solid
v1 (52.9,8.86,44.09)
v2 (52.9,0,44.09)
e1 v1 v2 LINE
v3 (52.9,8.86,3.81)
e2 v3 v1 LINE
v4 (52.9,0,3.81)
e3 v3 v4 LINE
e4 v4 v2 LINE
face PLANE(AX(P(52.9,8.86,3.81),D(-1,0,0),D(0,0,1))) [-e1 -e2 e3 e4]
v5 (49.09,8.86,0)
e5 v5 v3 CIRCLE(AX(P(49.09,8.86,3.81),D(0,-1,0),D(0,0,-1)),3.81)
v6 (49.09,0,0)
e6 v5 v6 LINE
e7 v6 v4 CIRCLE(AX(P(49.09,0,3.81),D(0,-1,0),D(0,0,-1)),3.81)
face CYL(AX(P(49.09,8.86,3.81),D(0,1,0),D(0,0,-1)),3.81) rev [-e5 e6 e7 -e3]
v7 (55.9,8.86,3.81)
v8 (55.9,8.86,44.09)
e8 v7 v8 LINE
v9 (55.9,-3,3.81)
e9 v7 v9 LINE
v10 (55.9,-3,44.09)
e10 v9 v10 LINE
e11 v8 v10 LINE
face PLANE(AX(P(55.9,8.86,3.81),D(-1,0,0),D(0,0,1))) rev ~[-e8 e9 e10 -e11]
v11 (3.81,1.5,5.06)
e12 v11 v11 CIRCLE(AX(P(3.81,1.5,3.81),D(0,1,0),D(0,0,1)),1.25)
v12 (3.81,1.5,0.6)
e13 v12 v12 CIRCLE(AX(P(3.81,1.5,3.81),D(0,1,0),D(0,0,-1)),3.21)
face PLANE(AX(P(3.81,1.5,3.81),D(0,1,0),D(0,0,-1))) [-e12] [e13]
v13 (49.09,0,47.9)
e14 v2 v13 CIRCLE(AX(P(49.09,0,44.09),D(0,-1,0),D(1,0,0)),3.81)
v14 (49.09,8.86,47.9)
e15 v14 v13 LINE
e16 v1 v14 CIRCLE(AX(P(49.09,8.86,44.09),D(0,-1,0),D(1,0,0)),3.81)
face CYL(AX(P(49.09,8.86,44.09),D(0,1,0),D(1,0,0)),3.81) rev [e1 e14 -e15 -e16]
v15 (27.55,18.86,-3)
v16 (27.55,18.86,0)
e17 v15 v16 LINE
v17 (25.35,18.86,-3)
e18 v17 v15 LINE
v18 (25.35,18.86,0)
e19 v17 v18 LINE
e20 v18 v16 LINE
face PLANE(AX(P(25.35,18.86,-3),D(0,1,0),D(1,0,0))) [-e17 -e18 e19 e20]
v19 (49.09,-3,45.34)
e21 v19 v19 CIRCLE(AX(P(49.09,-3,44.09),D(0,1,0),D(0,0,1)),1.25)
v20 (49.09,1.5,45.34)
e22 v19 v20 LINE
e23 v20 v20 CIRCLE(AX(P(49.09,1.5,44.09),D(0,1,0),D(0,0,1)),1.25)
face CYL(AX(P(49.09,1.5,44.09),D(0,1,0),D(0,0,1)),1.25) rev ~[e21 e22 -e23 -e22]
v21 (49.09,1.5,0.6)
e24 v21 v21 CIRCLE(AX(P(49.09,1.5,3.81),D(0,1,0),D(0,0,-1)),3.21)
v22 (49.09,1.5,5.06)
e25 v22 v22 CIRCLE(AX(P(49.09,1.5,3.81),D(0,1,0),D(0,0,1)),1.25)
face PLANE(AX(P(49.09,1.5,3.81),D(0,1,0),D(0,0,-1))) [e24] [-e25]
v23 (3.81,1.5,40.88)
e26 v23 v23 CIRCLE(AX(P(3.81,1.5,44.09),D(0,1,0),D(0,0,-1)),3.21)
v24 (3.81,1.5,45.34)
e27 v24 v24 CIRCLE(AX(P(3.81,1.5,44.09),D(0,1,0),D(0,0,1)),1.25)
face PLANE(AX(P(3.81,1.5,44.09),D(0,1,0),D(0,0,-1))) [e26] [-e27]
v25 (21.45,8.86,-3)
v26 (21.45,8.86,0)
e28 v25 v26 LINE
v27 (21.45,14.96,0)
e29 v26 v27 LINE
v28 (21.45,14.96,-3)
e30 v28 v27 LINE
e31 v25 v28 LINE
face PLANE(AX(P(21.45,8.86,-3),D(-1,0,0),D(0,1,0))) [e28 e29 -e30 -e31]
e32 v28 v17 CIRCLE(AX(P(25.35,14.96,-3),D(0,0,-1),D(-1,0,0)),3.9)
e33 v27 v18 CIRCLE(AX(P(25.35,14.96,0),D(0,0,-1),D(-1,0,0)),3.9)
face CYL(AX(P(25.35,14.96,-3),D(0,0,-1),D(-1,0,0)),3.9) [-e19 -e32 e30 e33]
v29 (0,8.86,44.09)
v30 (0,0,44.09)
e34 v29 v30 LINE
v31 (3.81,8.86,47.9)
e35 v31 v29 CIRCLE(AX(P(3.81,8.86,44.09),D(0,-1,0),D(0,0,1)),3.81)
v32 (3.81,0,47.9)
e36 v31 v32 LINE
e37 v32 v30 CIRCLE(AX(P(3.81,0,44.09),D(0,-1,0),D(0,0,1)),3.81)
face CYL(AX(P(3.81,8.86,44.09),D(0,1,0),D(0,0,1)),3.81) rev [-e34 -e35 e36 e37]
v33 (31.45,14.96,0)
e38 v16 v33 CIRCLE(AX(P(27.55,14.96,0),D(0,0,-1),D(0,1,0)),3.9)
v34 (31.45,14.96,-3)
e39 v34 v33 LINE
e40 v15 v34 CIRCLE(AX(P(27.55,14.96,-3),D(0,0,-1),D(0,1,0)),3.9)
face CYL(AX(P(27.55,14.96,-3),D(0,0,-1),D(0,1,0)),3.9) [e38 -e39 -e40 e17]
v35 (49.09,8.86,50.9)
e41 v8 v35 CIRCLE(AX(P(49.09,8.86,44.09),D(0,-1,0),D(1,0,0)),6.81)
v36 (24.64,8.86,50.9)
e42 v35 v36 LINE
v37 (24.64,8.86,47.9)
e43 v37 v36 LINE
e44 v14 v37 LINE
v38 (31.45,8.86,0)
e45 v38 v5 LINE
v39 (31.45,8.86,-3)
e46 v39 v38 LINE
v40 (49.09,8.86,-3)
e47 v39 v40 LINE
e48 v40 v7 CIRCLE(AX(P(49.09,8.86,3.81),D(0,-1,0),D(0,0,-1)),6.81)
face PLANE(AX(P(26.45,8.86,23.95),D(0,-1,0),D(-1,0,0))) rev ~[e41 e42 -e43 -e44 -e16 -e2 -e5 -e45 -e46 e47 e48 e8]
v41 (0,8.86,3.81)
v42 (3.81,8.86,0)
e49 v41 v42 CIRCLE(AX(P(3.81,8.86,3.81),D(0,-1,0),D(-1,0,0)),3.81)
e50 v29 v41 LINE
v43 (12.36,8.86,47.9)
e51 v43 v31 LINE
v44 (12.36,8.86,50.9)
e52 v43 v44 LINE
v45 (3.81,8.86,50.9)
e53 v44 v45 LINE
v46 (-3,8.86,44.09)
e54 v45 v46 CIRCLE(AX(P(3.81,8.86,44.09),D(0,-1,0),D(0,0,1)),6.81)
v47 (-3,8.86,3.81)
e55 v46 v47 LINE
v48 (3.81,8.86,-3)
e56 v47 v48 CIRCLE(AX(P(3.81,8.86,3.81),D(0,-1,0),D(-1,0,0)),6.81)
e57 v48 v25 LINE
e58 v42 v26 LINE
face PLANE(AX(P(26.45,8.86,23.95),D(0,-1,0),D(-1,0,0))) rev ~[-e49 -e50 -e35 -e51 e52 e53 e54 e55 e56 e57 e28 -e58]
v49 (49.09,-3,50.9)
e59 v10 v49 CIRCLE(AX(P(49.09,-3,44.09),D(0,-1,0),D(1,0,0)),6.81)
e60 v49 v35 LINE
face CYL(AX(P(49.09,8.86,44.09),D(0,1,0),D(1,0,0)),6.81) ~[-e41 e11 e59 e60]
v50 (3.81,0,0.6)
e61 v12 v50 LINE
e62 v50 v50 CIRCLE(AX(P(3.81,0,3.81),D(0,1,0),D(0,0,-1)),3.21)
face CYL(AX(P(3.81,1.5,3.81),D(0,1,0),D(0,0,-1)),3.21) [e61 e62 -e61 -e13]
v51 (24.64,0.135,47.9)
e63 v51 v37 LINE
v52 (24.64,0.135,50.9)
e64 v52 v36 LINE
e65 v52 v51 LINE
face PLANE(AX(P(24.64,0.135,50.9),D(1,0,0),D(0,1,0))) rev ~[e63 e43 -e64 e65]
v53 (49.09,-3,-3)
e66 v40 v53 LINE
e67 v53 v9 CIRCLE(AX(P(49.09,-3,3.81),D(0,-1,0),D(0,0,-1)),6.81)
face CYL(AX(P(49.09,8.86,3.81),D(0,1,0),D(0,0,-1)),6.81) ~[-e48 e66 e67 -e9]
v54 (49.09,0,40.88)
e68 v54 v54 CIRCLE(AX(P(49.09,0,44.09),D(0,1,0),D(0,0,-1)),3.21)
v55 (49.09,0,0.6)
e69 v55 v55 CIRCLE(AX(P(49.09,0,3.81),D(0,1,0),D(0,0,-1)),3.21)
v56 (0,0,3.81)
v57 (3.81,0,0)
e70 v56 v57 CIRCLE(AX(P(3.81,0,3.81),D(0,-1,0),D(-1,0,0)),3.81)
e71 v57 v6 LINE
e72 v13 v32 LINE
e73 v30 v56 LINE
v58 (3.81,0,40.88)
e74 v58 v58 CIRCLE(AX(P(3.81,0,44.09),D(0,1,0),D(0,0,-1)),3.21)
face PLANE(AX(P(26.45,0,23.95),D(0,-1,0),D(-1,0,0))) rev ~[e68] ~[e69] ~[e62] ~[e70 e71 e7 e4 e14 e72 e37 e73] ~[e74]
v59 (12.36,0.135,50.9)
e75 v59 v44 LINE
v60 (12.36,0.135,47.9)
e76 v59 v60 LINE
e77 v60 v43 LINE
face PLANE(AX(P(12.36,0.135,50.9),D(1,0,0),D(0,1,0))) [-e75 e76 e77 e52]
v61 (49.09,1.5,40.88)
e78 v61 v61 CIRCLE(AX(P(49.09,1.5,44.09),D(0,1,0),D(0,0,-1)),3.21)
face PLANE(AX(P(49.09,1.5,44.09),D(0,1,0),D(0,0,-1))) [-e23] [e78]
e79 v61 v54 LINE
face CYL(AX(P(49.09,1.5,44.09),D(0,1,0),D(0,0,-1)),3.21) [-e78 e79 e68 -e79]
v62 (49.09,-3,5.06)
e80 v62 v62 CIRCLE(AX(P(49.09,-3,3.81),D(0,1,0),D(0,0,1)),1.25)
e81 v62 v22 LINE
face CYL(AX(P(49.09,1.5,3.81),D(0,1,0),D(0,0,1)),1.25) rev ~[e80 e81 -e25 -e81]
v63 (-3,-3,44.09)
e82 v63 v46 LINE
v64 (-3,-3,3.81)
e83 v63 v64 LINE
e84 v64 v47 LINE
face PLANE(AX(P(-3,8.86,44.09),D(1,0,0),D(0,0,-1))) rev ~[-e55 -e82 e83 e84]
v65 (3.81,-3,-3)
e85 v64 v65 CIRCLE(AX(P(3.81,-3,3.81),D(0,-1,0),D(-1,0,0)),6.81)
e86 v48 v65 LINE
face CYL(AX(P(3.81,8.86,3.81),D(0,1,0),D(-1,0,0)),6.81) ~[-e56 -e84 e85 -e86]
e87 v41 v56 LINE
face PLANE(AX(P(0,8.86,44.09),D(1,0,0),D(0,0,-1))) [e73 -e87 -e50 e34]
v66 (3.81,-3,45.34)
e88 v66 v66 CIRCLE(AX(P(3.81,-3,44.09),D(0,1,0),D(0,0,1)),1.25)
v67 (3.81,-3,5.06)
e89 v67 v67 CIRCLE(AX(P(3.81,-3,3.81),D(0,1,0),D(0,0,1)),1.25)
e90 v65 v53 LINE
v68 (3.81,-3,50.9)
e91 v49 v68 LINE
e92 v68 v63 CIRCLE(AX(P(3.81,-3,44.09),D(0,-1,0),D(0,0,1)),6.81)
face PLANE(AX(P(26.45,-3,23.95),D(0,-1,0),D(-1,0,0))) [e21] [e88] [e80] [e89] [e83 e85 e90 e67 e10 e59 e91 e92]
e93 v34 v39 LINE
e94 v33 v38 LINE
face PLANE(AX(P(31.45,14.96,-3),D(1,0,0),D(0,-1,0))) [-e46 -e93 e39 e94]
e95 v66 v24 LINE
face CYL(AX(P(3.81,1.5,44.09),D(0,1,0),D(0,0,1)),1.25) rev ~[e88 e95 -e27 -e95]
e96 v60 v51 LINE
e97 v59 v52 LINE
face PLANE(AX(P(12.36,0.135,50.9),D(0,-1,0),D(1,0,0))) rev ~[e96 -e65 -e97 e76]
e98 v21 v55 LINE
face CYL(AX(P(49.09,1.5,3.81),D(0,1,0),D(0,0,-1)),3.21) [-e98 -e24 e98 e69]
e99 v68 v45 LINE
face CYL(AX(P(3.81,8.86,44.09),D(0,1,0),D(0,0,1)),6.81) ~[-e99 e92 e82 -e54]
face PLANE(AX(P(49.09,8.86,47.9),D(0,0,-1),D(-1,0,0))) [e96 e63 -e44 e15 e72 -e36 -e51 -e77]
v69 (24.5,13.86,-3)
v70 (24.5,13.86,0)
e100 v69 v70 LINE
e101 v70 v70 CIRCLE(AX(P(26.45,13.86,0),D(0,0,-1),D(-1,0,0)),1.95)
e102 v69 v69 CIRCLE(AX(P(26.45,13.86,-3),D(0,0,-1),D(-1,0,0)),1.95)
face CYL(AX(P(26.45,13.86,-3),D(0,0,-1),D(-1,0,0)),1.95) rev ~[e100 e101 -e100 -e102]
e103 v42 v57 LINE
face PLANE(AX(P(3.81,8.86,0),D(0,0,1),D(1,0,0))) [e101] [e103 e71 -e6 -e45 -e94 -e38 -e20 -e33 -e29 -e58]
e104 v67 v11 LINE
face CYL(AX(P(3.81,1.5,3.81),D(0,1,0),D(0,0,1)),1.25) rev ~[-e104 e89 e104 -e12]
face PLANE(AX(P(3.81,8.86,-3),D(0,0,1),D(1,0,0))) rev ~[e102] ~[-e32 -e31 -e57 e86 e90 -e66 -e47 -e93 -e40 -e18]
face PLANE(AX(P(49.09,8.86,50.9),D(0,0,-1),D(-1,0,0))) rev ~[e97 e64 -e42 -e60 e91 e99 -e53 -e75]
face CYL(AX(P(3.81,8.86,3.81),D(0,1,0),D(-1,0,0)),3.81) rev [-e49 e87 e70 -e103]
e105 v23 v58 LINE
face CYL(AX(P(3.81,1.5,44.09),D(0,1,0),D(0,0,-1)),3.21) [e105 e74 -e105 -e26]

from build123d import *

# Parameters (mm, degrees)
BOSS_EXTRUDE1_DEPTH = 3
CUT_EXTRUDE1_REACH  = 77.661
SKETCH1_3_R         = 1.25
BOSS_EXTRUDE2_START = 8.86
BOSS_EXTRUDE2_DEPTH = 8.86
BOSS_EXTRUDE3_START = 1.5
SKETCH1_5_R         = 3.21
SKETCH1_5_R_2       = 1.25
BOSS_EXTRUDE3_DEPTH = 1.5
SKETCH2_W           = 12.28
SKETCH2_H           = 8.73
CUT_EXTRUDE2_DEPTH  = 3
SKETCH5_R           = 1.95
BOSS_EXTRUDE5_DEPTH = 3


with BuildPart() as part:
    # Sketch1 → Boss-Extrude1 (new body)
    with BuildSketch(Plane(origin=(0, 0, 0), x_dir=(1, 0, 0), z_dir=(0, 1, 0))):
        with BuildLine():
            Line((3.81, 3), (49.09, 3))
            ThreePointArc((49.09, 3), (53.90539718, 1.00539718), (55.9, -3.81))
            Line((55.9, -3.81), (55.9, -44.09))
            ThreePointArc((55.9, -44.09), (53.90539718, -48.90539718), (49.09, -50.9))
            Line((49.09, -50.9), (3.81, -50.9))
            ThreePointArc((3.81, -50.9), (-1.00539718, -48.90539718), (-3, -44.09))
            Line((-3, -44.09), (-3, -3.81))
            ThreePointArc((-3, -3.81), (-1.00539718, 1.00539718), (3.81, 3))
        make_face()
    extrude(amount=-BOSS_EXTRUDE1_DEPTH)

    # Sketch1<3> → Cut-Extrude1 (cut, up to next)
    with BuildSketch(Plane(origin=(0, 0, 0), x_dir=(1, 0, 0), z_dir=(0, 1, 0)), mode=Mode.PRIVATE) as cut_extrude1_sk1:
        with Locations((49.09, -44.09)):
            Circle(SKETCH1_3_R)
    cut_extrude1_tool1 = extrude(cut_extrude1_sk1.sketch, amount=-CUT_EXTRUDE1_REACH, mode=Mode.PRIVATE) & part.part
    # Sketch1<3> → Cut-Extrude1 (cut, up to next)
    with BuildSketch(Plane(origin=(0, 0, 0), x_dir=(1, 0, 0), z_dir=(0, 1, 0)), mode=Mode.PRIVATE) as cut_extrude1_sk2:
        with Locations((3.81, -44.09)):
            Circle(SKETCH1_3_R)
    cut_extrude1_tool2 = extrude(cut_extrude1_sk2.sketch, amount=-CUT_EXTRUDE1_REACH, mode=Mode.PRIVATE) & part.part
    # Sketch1<3> → Cut-Extrude1 (cut, up to next)
    with BuildSketch(Plane(origin=(0, 0, 0), x_dir=(1, 0, 0), z_dir=(0, 1, 0)), mode=Mode.PRIVATE) as cut_extrude1_sk3:
        with Locations((3.81, -3.81)):
            Circle(SKETCH1_3_R)
    cut_extrude1_tool3 = extrude(cut_extrude1_sk3.sketch, amount=-CUT_EXTRUDE1_REACH, mode=Mode.PRIVATE) & part.part
    # Sketch1<3> → Cut-Extrude1 (cut, up to next)
    with BuildSketch(Plane(origin=(0, 0, 0), x_dir=(1, 0, 0), z_dir=(0, 1, 0)), mode=Mode.PRIVATE) as cut_extrude1_sk4:
        with Locations((49.09, -3.81)):
            Circle(SKETCH1_3_R)
    cut_extrude1_tool4 = extrude(cut_extrude1_sk4.sketch, amount=-CUT_EXTRUDE1_REACH, mode=Mode.PRIVATE) & part.part
    add(cut_extrude1_tool1.solids().sort_by_distance((49.09, 0, 44.09))[0], mode=Mode.SUBTRACT)
    add(cut_extrude1_tool2.solids().sort_by_distance((3.81, 0, 44.09))[0], mode=Mode.SUBTRACT)
    add(cut_extrude1_tool3.solids().sort_by_distance((3.81, 0, 3.81))[0], mode=Mode.SUBTRACT)
    add(cut_extrude1_tool4.solids().sort_by_distance((49.09, 0, 3.81))[0], mode=Mode.SUBTRACT)

    # Sketch1<4> → Boss-Extrude2 (add)
    with BuildSketch(Plane(origin=(0, 0, 0), x_dir=(1, 0, 0), z_dir=(0, 1, 0)).offset(BOSS_EXTRUDE2_START)):
        with BuildLine():
            Line((49.09, 3), (3.81, 3))
            ThreePointArc((3.81, 3), (-1.00539718, 1.00539718), (-3, -3.81))
            Line((-3, -3.81), (-3, -44.09))
            ThreePointArc((-3, -44.09), (-1.00539718, -48.90539718), (3.81, -50.9))
            Line((3.81, -50.9), (49.09, -50.9))
            ThreePointArc((49.09, -50.9), (53.90539718, -48.90539718), (55.9, -44.09))
            Line((55.9, -44.09), (55.9, -3.81))
            ThreePointArc((55.9, -3.81), (53.90539718, 1.00539718), (49.09, 3))
        make_face()
        with BuildLine():
            ThreePointArc((0, -3.81), (1.115923164, -1.115923164), (3.81, 0))
            Line((3.81, 0), (49.09, 0))
            ThreePointArc((49.09, 0), (51.784076836, -1.115923164), (52.9, -3.81))
            Line((52.9, -3.81), (52.9, -44.09))
            ThreePointArc((52.9, -44.09), (51.784076836, -46.784076836), (49.09, -47.9))
            Line((49.09, -47.9), (3.81, -47.9))
            ThreePointArc((3.81, -47.9), (1.115923164, -46.784076836), (0, -44.09))
            Line((0, -44.09), (0, -3.81))
        make_face(mode=Mode.SUBTRACT)
    extrude(amount=-BOSS_EXTRUDE2_DEPTH)

    # Sketch1<5> → Boss-Extrude3 (add)
    # profile 1 of 4: a face of its own
    with BuildSketch(Plane(origin=(0, 0, 0), x_dir=(1, 0, 0), z_dir=(0, 1, 0)).offset(BOSS_EXTRUDE3_START)):
        with Locations((3.81, -3.81)):
            Circle(SKETCH1_5_R)
        with Locations((3.81, -3.81)):
            Circle(SKETCH1_5_R_2, mode=Mode.SUBTRACT)
    # profile 2 of 4: a face of its own
    with BuildSketch(Plane(origin=(0, 0, 0), x_dir=(1, 0, 0), z_dir=(0, 1, 0)).offset(BOSS_EXTRUDE3_START)):
        with Locations((49.09, -3.81)):
            Circle(SKETCH1_5_R)
        with Locations((49.09, -3.81)):
            Circle(SKETCH1_5_R_2, mode=Mode.SUBTRACT)
    # profile 3 of 4: a face of its own
    with BuildSketch(Plane(origin=(0, 0, 0), x_dir=(1, 0, 0), z_dir=(0, 1, 0)).offset(BOSS_EXTRUDE3_START)):
        with Locations((49.09, -44.09)):
            Circle(SKETCH1_5_R)
        with Locations((49.09, -44.09)):
            Circle(SKETCH1_5_R_2, mode=Mode.SUBTRACT)
    # profile 4 of 4: a face of its own
    with BuildSketch(Plane(origin=(0, 0, 0), x_dir=(1, 0, 0), z_dir=(0, 1, 0)).offset(BOSS_EXTRUDE3_START)):
        with Locations((3.81, -44.09)):
            Circle(SKETCH1_5_R)
        with Locations((3.81, -44.09)):
            Circle(SKETCH1_5_R_2, mode=Mode.SUBTRACT)
    extrude(amount=-BOSS_EXTRUDE3_DEPTH)

    # Sketch2 → Cut-Extrude2 (cut)
    with BuildSketch(Plane.XY.offset(50.9)):
        with Locations((18.5, 4.5)):
            Rectangle(SKETCH2_W, SKETCH2_H)
    extrude(amount=-CUT_EXTRUDE2_DEPTH, mode=Mode.SUBTRACT)

    # Sketch5 → Boss-Extrude5 (add)
    with BuildSketch(Plane(origin=(0, 0, -3), x_dir=(-1, 0, 0), z_dir=(0, 0, -1))):
        with BuildLine():
            Line((-31.45, 8.86), (-21.45, 8.86))
            Line((-21.45, 8.86), (-21.45, 14.96))
            ThreePointArc((-21.45, 14.96), (-22.592283553, 17.717716447), (-25.35, 18.86))
            Line((-25.35, 18.86), (-27.55, 18.86))
            ThreePointArc((-27.55, 18.86), (-30.307716447, 17.717716447), (-31.45, 14.96))
            Line((-31.45, 14.96), (-31.45, 8.86))
        make_face()
        with Locations((-26.45, 13.86)):
            Circle(SKETCH5_R, mode=Mode.SUBTRACT)
    extrude(amount=-BOSS_EXTRUDE5_DEPTH)


solid = part.part
